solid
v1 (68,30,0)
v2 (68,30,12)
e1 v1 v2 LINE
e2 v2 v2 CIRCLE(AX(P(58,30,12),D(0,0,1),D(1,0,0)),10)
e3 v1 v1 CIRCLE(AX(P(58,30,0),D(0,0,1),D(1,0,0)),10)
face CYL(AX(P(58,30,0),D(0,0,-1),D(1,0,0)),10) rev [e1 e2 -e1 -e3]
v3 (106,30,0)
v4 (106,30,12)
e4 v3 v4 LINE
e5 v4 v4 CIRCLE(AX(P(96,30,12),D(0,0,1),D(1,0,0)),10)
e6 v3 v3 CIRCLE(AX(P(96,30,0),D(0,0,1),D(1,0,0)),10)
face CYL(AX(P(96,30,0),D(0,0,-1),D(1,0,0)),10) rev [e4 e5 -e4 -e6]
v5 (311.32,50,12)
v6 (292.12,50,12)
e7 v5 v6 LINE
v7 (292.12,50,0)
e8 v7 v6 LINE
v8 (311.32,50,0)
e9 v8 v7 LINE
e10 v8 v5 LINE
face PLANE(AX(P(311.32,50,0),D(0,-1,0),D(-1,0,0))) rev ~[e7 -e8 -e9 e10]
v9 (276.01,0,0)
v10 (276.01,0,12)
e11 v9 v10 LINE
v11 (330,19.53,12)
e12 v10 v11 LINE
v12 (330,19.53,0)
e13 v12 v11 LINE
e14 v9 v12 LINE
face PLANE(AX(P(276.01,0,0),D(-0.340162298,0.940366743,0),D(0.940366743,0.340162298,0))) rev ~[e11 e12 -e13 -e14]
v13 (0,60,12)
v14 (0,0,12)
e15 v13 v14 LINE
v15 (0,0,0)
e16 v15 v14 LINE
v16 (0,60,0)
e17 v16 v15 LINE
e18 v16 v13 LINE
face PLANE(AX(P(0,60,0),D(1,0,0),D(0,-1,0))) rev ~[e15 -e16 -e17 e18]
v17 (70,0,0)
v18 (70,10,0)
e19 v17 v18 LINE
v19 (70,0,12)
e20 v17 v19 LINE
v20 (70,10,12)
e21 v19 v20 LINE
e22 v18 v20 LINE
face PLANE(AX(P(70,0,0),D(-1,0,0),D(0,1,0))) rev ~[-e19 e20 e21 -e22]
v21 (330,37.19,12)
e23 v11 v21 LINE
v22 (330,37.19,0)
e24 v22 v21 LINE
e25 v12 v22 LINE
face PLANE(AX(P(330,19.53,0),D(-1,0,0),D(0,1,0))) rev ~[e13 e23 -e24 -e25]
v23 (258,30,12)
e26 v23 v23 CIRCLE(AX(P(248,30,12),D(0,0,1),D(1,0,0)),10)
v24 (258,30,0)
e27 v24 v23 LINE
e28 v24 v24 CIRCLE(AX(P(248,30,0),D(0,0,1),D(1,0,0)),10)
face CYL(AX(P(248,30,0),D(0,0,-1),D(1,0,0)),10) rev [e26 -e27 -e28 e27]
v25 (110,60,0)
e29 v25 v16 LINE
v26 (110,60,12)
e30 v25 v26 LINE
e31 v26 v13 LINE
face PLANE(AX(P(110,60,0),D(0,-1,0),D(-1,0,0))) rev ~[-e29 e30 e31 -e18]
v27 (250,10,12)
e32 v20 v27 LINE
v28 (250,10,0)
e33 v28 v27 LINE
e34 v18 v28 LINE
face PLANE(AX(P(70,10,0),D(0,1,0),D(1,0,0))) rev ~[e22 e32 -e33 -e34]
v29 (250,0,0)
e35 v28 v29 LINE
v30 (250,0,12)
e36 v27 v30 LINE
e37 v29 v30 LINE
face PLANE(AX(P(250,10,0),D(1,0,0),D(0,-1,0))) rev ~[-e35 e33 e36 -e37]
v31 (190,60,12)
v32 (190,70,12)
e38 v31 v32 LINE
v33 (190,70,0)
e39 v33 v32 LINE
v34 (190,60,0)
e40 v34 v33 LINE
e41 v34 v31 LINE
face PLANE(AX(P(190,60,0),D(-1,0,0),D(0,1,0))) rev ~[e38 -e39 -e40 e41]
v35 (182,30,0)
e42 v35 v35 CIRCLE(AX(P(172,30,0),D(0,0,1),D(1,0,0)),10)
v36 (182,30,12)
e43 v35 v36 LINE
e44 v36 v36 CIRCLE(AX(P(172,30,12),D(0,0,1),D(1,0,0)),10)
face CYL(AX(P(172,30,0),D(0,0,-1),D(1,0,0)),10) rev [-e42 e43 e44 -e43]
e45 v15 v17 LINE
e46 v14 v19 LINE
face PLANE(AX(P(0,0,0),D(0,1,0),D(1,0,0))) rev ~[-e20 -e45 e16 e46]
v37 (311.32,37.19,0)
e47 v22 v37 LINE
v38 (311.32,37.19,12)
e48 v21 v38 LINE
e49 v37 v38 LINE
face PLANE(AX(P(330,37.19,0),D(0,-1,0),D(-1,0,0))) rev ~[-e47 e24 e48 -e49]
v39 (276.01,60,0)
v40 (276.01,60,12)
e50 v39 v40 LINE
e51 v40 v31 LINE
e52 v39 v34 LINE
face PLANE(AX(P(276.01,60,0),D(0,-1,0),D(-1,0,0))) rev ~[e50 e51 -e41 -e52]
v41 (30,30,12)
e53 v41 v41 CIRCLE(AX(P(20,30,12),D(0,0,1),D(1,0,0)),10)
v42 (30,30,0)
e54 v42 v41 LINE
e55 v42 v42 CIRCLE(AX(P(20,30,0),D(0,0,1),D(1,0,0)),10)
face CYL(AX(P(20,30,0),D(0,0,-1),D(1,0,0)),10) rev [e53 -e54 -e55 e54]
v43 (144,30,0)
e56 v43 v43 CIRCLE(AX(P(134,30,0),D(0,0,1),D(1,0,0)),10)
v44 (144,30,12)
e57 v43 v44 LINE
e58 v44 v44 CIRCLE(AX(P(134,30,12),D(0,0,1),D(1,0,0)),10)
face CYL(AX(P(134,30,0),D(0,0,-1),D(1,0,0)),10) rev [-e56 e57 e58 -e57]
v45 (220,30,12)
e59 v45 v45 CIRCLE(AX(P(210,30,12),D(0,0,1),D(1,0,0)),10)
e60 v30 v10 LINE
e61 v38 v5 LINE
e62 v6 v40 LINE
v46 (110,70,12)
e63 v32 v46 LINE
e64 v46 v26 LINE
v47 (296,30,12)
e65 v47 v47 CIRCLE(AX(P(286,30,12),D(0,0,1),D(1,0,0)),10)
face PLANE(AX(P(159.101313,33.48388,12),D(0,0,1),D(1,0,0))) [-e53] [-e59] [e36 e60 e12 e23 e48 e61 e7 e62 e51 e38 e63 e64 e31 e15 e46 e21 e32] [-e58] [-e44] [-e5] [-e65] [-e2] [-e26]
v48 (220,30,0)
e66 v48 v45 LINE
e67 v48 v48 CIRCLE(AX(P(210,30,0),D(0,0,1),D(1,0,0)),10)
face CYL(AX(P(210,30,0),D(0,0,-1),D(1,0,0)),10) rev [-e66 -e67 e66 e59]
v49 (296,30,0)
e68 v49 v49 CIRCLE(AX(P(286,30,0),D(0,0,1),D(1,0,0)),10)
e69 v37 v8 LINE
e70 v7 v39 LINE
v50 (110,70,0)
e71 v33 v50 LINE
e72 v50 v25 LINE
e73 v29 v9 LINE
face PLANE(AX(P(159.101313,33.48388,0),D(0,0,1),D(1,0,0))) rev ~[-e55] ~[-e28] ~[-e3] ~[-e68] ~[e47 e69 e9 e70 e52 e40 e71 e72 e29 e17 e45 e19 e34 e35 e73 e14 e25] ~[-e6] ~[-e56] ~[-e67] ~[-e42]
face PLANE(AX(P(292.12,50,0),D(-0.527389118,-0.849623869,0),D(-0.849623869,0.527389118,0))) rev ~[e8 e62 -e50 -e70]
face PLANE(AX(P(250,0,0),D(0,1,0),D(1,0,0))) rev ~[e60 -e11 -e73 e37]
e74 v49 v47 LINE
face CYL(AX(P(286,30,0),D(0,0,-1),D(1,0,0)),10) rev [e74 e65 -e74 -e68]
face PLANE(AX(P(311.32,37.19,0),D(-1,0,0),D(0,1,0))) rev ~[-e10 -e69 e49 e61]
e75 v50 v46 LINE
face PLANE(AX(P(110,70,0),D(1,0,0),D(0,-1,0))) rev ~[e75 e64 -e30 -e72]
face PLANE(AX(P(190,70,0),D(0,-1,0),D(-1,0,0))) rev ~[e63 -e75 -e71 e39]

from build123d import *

# Parameters (mm, degrees)
F0_R     = 10
F1_DEPTH = 12


with BuildPart() as f1:
    # F0 (on Top) → F1 (new body)
    with BuildSketch(Plane.XY):
        Polygon((0, 60), (0, 0), (70, 0), (70, 10), (250, 10), (250, 0), (276.01, 0), (330, 19.53), (330, 37.19), (311.32, 37.19), (311.32, 50), (292.12, 50), (276.01, 60), (190, 60), (190, 70), (110, 70), (110, 60), align=None)
        with Locations((20, 30)):
            Circle(F0_R, mode=Mode.SUBTRACT)
        with Locations((58, 30)):
            Circle(F0_R, mode=Mode.SUBTRACT)
        with Locations((96, 30)):
            Circle(F0_R, mode=Mode.SUBTRACT)
        with Locations((134, 30)):
            Circle(F0_R, mode=Mode.SUBTRACT)
        with Locations((172, 30)):
            Circle(F0_R, mode=Mode.SUBTRACT)
        with Locations((210, 30)):
            Circle(F0_R, mode=Mode.SUBTRACT)
        with Locations((248, 30)):
            Circle(F0_R, mode=Mode.SUBTRACT)
        with Locations((286, 30)):
            Circle(F0_R, mode=Mode.SUBTRACT)
    extrude(amount=F1_DEPTH)


solid = f1.part
